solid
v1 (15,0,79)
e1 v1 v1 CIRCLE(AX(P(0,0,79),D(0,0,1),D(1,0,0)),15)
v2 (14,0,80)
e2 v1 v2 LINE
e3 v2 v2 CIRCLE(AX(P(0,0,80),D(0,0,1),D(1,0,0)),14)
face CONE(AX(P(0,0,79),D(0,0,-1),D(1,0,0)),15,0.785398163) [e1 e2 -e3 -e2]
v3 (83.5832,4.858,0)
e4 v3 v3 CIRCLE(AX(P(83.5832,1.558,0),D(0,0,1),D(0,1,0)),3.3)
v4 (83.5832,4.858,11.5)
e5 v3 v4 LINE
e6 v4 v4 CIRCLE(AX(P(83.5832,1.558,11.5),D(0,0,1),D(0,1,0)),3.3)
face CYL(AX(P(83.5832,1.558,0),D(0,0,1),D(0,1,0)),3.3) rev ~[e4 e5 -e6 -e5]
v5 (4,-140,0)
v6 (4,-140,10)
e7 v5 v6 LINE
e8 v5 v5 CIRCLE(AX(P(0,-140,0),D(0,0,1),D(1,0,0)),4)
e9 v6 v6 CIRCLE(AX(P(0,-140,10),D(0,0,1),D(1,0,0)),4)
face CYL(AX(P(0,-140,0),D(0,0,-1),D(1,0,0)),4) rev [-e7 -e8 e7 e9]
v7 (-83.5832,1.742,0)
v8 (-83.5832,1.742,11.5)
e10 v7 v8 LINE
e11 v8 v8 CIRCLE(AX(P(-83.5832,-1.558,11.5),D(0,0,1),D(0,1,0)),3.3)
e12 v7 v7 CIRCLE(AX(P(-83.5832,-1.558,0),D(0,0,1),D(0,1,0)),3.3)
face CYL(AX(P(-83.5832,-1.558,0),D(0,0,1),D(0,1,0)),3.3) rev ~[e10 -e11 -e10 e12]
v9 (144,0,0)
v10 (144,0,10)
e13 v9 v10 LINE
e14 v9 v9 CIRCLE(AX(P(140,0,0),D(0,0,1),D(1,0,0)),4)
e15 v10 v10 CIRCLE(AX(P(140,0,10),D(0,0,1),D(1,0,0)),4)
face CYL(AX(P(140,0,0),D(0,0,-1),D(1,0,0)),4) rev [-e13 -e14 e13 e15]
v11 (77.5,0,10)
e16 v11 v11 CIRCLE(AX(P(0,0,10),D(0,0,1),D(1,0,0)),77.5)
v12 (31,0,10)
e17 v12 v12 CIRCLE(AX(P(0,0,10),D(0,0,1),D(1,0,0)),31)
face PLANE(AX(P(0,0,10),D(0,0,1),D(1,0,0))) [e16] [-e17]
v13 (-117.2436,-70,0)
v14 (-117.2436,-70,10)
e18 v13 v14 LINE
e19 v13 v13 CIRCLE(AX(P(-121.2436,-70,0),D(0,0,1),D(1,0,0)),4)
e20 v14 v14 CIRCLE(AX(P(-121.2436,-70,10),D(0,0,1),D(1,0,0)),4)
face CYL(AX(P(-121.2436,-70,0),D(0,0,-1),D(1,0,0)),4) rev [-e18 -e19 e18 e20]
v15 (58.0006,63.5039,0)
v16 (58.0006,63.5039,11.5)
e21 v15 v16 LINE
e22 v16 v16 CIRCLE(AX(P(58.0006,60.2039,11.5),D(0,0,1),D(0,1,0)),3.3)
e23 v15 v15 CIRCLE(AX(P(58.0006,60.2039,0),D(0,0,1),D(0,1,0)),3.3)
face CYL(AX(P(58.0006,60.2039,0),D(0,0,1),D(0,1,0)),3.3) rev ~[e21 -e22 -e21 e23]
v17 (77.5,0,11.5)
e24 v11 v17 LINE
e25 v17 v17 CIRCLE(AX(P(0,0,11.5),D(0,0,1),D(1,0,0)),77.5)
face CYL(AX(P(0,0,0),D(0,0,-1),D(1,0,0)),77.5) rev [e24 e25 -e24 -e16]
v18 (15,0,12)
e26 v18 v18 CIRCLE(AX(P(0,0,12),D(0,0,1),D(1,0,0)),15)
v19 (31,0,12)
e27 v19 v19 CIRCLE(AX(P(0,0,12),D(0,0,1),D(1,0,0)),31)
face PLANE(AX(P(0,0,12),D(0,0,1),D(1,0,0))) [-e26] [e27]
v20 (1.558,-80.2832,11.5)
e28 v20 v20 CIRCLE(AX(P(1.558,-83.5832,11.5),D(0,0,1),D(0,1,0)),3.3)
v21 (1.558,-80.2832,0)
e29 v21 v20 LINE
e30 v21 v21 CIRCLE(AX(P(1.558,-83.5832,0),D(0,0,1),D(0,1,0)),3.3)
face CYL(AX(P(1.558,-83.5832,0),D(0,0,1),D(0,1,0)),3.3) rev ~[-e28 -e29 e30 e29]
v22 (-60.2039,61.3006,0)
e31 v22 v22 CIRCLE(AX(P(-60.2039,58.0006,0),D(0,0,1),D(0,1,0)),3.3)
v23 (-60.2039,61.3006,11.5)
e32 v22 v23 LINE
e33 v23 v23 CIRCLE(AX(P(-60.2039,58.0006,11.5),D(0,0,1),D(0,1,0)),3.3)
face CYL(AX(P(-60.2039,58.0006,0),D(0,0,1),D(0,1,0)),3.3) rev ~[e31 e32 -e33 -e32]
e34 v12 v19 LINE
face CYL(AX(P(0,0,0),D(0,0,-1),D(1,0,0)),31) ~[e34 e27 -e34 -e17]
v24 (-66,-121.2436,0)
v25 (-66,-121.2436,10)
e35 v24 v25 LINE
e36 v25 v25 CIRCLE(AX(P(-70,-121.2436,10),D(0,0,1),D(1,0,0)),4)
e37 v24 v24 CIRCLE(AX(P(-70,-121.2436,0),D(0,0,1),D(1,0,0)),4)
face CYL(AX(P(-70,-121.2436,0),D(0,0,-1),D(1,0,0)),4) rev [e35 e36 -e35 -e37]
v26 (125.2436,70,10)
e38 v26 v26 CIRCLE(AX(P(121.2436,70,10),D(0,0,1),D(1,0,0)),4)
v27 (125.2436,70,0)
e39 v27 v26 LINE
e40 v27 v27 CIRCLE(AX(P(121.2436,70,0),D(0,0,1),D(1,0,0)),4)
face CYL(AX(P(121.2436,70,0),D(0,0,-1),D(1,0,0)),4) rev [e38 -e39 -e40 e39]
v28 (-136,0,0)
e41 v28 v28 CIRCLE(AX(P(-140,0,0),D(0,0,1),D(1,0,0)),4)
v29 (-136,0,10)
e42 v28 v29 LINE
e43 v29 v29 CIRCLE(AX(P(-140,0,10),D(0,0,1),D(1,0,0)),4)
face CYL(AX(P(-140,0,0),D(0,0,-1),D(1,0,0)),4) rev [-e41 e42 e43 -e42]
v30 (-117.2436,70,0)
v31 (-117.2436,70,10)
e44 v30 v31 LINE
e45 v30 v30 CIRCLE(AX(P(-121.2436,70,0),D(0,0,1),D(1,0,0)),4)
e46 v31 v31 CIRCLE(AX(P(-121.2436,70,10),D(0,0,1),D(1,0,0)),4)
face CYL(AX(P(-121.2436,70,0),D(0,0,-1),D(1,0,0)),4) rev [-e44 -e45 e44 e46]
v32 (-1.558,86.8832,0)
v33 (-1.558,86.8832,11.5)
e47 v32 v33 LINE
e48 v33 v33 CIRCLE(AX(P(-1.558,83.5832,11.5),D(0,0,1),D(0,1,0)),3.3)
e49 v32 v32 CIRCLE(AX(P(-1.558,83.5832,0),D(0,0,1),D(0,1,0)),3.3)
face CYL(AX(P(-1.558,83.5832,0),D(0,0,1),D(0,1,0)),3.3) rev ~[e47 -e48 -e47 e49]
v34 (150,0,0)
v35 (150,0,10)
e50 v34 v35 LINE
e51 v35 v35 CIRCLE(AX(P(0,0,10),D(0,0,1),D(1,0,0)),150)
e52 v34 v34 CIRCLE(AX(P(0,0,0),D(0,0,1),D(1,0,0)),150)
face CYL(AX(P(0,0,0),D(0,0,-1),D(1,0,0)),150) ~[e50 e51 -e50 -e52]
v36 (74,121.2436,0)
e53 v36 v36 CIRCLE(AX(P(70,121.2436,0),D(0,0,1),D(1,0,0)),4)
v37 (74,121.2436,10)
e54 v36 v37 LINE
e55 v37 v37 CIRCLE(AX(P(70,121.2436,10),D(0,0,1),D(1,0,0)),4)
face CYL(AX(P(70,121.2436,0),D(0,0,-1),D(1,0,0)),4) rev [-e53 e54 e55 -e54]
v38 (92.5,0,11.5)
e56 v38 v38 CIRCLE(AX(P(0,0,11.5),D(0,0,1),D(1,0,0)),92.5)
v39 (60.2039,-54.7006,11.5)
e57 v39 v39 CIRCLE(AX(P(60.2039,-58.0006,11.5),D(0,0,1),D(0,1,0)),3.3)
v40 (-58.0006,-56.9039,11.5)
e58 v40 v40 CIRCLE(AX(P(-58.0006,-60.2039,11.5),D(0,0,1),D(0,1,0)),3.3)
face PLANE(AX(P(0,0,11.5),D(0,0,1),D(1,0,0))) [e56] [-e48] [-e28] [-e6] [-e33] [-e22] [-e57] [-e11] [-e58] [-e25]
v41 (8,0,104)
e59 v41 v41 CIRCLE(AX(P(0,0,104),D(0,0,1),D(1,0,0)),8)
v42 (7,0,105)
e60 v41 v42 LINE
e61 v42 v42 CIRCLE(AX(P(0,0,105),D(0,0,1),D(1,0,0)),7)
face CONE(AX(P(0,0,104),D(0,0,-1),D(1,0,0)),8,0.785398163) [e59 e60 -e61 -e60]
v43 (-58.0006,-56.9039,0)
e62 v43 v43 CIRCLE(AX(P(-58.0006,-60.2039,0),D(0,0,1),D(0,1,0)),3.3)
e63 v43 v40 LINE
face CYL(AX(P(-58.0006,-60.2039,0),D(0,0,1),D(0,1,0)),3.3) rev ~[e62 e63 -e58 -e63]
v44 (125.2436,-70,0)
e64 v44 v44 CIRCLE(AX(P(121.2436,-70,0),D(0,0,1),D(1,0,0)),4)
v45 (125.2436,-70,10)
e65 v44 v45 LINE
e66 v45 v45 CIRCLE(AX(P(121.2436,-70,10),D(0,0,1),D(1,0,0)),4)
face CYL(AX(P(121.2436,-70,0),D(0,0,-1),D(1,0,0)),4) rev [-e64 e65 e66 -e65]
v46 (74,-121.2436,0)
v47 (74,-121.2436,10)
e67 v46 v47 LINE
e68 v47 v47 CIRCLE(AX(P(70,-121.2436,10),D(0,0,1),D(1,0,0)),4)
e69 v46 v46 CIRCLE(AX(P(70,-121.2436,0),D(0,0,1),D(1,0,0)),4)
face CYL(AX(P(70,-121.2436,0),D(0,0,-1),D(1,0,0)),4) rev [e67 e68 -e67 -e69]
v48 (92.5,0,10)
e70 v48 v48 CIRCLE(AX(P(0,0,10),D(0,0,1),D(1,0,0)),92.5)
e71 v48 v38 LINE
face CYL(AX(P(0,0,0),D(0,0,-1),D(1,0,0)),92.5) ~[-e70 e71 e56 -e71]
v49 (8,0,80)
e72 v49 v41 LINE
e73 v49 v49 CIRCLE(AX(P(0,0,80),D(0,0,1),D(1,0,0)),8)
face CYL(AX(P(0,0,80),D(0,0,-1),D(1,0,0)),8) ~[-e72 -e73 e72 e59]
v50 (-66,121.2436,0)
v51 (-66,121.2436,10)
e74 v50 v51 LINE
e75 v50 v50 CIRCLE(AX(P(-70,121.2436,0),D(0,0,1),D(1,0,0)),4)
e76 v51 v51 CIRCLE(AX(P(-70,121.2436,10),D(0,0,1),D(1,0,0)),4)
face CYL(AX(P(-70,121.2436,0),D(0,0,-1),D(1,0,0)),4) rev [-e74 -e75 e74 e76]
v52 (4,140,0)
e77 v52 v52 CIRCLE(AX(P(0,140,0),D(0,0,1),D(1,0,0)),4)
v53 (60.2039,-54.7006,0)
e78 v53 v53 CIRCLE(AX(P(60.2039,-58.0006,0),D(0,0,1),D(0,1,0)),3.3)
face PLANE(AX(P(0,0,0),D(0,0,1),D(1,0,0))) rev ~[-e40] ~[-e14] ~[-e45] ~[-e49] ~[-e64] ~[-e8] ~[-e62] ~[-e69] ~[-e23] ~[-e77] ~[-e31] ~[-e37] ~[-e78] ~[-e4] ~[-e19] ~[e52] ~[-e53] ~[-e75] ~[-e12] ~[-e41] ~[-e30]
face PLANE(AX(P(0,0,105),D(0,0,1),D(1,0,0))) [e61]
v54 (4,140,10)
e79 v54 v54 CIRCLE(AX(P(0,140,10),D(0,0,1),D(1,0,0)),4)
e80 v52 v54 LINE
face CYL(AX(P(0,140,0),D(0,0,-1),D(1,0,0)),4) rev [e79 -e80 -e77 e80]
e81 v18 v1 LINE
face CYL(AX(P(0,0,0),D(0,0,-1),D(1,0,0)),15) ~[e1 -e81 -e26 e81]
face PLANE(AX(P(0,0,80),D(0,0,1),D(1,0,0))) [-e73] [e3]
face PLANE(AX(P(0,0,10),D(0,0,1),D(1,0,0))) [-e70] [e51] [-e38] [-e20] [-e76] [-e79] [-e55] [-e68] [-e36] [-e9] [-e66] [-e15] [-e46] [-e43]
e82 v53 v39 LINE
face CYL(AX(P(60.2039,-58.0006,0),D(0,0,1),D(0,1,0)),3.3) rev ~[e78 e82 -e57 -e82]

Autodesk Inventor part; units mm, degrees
ref_plane "YZ Plane" through (0, 0, 0) normal (1, 0, 0) x (0, 1, 0)
ref_plane "XZ Plane" through (0, 0, 0) normal (0, 1, 0) x (-1, 0, 0)
ref_plane "XY Plane" through (0, 0, 0) normal (0, 0, 1) x (1, 0, 0)
sketch "Szkic1" plane through (0, 0, 0) normal (0, 0, 1) x (1, 0, 0)
  circle A0 centre (0, 0) radius 150
  circle A1 centre (0, 0) radius 15
  circle A2 centre (0, 140) radius 4
  circle A3 centre (-70, 121.2436) radius 4
  circle A4 centre (-121.2436, 70) radius 4
  circle A5 centre (-140, 0) radius 4
  circle A6 centre (-121.2436, -70) radius 4
  circle A7 centre (-70, -121.2436) radius 4
  circle A8 centre (0, 0) radius 31
  circle A9 centre (0, -140) radius 4
  circle A10 centre (70, -121.2436) radius 4
  circle A11 centre (0, 0) radius 14
  circle A12 centre (0, 0) radius 12.5
  circle A13 centre (121.2436, -70) radius 4
  circle A14 centre (140, 0) radius 4
  circle A15 centre (121.2436, 70) radius 4
  circle A16 centre (70, 121.2436) radius 4
  circle A17 centre (0, 0) radius 92.5
  circle A18 centre (0, 0) radius 77.5
  dimension "d0" = 300
  dimension "d1" = 30
  dimension "d2" = 8
  dimension "d5" = 360
  dimension "d7" = 62
  dimension "d15" = 28
  dimension "d16" = 25
  dimension "d55" = 185
  dimension "d56" = 155
extrude "Wyciągnięcie proste1" add sketch "Szkic1" along normal blind 80 contours A1 | A11 | A12
extrude "Wyciągnięcie proste2" add sketch "Szkic1" along normal blind 12 contours A8
ref_plane "Płaszczyzna konstrukcyjna1" through (0, 0, 80) normal (0, 0, 1) x (1, 0, 0)
sketch "Szkic2" plane through (0, 0, 80) normal (0, 0, 1) x (1, 0, 0)
  circle A0 centre (0, 0) radius 8
  dimension "d21" = 16
extrude "Wyciągnięcie proste6" add sketch "Szkic2" along normal blind 25
extrude "Wyciągnięcie proste8" add sketch "Szkic1" along normal blind 10 contours A0 | A18
chamfer "Faza2" distance 1 angle 45 1 edges at (-15, 0, 80)
thread "Gwint2" size "M16x2" class "6g" standard "ANSI Metric M Profile" full length
chamfer "Faza4" distance 1 angle 45 1 edges at (-8, 0, 105)
extrude "Wyciągnięcie proste9" add sketch "Szkic1" along normal blind 11.5 contours A17
sketch "Szkic10" plane through (0, 0, 0) normal (0, 0, -1) x (-1, 0, 0)
  point P0 (-1.558, -83.5832)
hole "Otwór8" at (1.558, -83.5832, 0) direction (0, 0, 1) diameter 6.6 end through all
sketch "Szkic11" plane through (0, 0, 0) normal (0, 0, -1) x (-1, 0, 0)
  point P0 (-60.2039, -58.0006)
hole "Otwór9" at (60.2039, -58.0006, 0) direction (0, 0, 1) diameter 6.6 end through all
sketch "Szkic12" plane through (0, 0, 0) normal (0, 0, -1) x (-1, 0, 0)
  point P0 (-83.5832, 1.558)
hole "Otwór10" at (83.5832, 1.558, 0) direction (0, 0, 1) diameter 6.6 end through all
sketch "Szkic13" plane through (0, 0, 0) normal (0, 0, -1) x (-1, 0, 0)
  point P0 (-58.0006, 60.2039)
hole "Otwór11" at (58.0006, 60.2039, 0) direction (0, 0, 1) diameter 6.6 end through all
sketch "Szkic14" plane through (0, 0, 0) normal (0, 0, -1) x (-1, 0, 0)
  point P0 (1.558, 83.5832)
hole "Otwór12" at (-1.558, 83.5832, 0) direction (0, 0, 1) diameter 6.6 end through all
sketch "Szkic15" plane through (0, 0, 0) normal (0, 0, -1) x (-1, 0, 0)
  point P0 (60.2039, 58.0006)
hole "Otwór13" at (-60.2039, 58.0006, 0) direction (0, 0, 1) diameter 6.6 end through all
sketch "Szkic16" plane through (0, 0, 0) normal (0, 0, -1) x (-1, 0, 0)
  point P0 (83.5832, -1.558)
hole "Otwór14" at (-83.5832, -1.558, 0) direction (0, 0, 1) diameter 6.6 end through all
sketch "Szkic17" plane through (0, 0, 0) normal (0, 0, -1) x (-1, 0, 0)
  point P0 (58.0006, -60.2039)
hole "Otwór15" at (-58.0006, -60.2039, 0) direction (0, 0, 1) diameter 6.6 end through all
properties part number "podstawa_Drukowanie 3D"
